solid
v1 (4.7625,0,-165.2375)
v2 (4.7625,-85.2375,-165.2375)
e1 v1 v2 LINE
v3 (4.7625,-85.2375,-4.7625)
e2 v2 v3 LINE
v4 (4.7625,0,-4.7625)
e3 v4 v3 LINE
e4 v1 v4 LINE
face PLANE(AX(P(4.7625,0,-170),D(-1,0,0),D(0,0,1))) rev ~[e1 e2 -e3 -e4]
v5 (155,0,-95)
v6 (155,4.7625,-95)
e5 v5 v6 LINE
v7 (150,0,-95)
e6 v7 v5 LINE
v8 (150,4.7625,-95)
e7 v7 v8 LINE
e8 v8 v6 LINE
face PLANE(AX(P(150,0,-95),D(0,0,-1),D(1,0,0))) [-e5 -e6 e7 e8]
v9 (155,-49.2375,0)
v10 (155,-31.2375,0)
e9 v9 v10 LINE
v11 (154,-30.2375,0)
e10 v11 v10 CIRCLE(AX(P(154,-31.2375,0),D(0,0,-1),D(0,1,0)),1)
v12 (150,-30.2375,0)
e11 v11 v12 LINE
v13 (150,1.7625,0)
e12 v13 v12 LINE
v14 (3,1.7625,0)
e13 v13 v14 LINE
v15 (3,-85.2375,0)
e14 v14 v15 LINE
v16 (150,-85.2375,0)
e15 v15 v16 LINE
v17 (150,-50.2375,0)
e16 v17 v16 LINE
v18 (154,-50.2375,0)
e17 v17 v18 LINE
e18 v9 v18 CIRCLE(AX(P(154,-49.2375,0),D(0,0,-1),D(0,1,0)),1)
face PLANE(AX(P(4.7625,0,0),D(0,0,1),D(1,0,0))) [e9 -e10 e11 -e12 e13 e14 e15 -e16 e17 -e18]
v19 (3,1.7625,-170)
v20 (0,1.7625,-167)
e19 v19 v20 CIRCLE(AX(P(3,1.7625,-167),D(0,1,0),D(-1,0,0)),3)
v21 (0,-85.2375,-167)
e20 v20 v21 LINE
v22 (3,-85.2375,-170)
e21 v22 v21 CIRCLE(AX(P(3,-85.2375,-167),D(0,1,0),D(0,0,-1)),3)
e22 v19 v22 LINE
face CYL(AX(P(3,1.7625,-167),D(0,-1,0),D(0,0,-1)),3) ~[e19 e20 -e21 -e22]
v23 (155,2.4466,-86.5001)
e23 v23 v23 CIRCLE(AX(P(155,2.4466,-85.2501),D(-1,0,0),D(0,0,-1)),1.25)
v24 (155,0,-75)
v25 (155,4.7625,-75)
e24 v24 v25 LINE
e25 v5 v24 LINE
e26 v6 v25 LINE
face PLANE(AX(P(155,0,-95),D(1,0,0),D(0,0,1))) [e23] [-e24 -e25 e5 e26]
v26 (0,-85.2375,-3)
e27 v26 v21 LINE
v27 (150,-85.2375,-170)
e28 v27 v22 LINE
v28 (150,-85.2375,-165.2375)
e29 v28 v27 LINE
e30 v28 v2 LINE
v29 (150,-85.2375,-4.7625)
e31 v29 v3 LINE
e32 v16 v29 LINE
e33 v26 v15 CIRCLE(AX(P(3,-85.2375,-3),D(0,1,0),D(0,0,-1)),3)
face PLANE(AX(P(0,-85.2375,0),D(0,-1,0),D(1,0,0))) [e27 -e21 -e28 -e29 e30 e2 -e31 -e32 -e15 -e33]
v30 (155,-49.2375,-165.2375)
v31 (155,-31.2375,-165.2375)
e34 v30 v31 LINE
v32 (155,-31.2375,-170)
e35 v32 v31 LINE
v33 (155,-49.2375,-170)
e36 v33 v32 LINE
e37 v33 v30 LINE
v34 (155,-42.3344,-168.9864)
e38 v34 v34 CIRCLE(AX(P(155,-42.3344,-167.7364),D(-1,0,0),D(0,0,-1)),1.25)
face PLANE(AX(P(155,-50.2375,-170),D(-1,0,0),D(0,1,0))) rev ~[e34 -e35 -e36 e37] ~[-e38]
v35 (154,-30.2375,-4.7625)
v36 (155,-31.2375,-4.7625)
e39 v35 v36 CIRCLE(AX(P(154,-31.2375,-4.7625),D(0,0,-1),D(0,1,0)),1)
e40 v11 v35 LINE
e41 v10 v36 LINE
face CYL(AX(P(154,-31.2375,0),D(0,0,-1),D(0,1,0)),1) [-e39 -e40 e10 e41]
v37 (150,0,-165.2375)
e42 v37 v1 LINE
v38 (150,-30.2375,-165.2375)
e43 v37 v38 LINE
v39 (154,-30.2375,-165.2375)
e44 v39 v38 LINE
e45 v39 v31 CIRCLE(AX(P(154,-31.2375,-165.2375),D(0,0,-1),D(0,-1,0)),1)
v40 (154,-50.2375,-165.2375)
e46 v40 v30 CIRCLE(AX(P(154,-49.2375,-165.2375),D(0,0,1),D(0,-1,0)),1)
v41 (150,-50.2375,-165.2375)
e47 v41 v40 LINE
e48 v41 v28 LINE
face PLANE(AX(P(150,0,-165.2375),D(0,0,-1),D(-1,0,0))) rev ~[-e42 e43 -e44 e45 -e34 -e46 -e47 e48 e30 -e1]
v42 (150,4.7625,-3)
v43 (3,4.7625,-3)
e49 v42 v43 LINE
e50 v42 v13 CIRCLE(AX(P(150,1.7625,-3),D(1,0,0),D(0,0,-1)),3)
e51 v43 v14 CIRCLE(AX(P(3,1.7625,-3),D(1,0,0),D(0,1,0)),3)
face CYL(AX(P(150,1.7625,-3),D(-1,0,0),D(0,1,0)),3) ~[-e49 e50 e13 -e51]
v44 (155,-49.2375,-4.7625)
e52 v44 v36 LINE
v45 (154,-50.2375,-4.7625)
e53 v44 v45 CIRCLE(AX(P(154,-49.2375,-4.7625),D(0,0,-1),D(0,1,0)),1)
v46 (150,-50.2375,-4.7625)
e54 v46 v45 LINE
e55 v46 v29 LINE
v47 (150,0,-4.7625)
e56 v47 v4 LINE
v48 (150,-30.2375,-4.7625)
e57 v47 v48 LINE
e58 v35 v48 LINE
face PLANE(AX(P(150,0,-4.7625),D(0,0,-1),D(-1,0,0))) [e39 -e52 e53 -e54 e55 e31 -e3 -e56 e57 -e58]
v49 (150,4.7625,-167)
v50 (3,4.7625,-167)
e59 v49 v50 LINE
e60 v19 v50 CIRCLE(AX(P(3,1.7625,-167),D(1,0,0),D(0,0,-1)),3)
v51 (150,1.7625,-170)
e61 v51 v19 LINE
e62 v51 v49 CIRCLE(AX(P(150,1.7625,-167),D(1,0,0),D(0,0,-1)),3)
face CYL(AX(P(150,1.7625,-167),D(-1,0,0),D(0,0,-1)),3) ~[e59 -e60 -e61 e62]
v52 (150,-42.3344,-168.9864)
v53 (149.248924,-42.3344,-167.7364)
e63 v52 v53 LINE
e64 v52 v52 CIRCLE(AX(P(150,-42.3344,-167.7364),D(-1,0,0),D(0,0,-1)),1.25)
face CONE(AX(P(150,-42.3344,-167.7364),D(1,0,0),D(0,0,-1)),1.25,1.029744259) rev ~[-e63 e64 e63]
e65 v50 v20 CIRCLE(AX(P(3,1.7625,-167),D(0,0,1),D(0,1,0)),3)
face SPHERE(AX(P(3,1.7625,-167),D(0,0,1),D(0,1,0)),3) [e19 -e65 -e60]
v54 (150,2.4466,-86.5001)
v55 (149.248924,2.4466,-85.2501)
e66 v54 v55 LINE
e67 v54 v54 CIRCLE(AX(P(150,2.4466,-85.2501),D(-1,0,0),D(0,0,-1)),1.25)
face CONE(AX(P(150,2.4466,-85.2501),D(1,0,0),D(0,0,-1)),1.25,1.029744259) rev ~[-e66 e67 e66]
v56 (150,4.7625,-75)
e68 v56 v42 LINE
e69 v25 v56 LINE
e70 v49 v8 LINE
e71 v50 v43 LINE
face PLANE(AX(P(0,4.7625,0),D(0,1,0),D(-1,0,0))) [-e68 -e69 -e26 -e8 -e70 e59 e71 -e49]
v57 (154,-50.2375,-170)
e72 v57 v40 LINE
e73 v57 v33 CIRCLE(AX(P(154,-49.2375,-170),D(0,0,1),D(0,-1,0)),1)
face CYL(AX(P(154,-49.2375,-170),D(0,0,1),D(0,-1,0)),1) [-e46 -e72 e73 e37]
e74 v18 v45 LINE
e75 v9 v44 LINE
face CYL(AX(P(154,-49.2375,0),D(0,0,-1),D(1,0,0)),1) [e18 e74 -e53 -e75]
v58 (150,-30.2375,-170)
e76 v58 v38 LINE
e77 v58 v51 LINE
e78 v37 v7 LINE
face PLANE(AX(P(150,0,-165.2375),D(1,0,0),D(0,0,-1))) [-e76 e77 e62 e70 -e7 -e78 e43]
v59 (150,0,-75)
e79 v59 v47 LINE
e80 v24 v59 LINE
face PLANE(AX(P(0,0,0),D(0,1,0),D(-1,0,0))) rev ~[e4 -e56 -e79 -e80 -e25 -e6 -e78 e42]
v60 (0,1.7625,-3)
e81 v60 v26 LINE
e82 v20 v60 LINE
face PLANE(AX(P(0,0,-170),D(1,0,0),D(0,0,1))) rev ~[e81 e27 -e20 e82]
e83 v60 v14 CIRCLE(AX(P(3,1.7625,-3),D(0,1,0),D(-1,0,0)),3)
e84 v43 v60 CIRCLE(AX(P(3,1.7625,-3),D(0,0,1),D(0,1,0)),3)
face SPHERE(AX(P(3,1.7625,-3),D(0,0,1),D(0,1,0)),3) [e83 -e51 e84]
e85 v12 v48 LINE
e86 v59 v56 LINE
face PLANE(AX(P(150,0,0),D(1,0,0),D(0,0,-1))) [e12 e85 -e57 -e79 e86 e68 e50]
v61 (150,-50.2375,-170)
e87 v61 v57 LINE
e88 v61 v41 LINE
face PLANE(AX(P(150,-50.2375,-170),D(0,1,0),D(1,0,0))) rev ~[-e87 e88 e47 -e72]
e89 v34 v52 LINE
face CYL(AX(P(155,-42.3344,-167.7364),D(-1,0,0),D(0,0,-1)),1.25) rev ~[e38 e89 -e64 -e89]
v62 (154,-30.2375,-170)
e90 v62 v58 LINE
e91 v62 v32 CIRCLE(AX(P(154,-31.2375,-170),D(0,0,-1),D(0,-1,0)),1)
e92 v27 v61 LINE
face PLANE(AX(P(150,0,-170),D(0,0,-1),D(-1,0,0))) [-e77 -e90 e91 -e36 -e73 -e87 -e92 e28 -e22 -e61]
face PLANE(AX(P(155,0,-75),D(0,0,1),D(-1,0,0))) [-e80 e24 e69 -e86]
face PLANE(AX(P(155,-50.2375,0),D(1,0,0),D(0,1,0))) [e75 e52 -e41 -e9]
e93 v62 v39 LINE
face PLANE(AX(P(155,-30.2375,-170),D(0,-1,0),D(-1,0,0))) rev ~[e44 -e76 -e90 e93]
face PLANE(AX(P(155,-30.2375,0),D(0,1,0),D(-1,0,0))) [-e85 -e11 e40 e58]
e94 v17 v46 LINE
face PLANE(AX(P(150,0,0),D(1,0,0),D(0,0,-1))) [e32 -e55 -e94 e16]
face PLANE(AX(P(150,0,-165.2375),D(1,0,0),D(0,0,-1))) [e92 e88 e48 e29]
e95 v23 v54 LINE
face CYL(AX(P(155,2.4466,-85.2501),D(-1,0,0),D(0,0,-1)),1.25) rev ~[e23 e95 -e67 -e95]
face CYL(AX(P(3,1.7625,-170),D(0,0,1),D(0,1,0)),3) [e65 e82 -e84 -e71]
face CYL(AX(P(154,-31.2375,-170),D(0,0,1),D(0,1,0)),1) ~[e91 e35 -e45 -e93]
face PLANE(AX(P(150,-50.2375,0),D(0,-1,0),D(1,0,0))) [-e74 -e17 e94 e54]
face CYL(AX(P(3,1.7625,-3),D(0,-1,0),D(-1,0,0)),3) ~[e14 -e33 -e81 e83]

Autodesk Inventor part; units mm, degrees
ref_plane "YZ Plane" through (0, 0, 0) normal (1, 0, 0) x (0, 1, 0)
ref_plane "XZ Plane" through (0, 0, 0) normal (0, 1, 0) x (-1, 0, 0)
ref_plane "XY Plane" through (0, 0, 0) normal (0, 0, 1) x (1, 0, 0)
sketch "Sketch1" plane through (0, 0, 0) normal (0, 1, 0) x (-1, 0, 0)
  line L0 (0, 0) -> (-150, 0)
  line L1 (0, -170) -> (0, 0)
  line L2 (0, -170) -> (-150, -170)
  line L3 (-150, -170) -> (-150, -95)
  line L4 (-150, -95) -> (-155, -95)
  line L5 (-155, -95) -> (-155, -75)
  line L6 (-155, -75) -> (-150, -75)
  line L7 (-150, -75) -> (-150, 0)
  dimension "d28" = 150
  dimension "d29" = 170
  dimension "d30" = 5
  dimension "d31" = 5
  dimension "d32" = 75
  dimension "d33" = 75
  dimension "d34" = 20
  dimension "d35" = 150
extrude "Extrusion1" add sketch "Sketch1" along normal blind 4.7625
sketch "Sketch2" plane through (0, 0, 0) normal (0, -1, 0) x (1, 0, 0)
  line L0 (0, 0) -> (150, 0) projected
  line L1 (0, 0) -> (4.7625, 0)
  line L2 (150, -170) -> (0, -170) projected
  line L3 (0, 0) -> (0, -170)
  line L4 (0, -170) -> (4.7625, -170)
  line L5 (4.7625, -170) -> (4.7625, 0)
  point P0 (0, -90)
  point P1 (4.7625, -90)
  dimension "d10" = 90
  dimension "d11" = 4.7625
extrude "Extrusion2" add sketch "Sketch2" along normal blind 85.2375
sketch "Sketch3" plane through (0, 0, 0) normal (0, -1, 0) x (1, 0, 0)
  line L0 (150, -95) -> (150, -170) projected
  line L1 (150, -170) -> (150, -165.2375)
  line L2 (150, -165.2375) -> (4.7625, -165.2375)
  line L3 (4.7625, 0) -> (4.7625, -170) projected
  line L4 (150, -170) -> (4.7625, -170) projected
  line L5 (4.7625, -170) -> (4.7625, -165.2375)
  line L6 (150, -170) -> (4.7625, -170)
  line L7 (150, -170) -> (150, -165.2375)
  point P0 (0, 0)
  dimension "d36" = 4.7625
sketch "Sketch4" plane through (0, 0, 0) normal (0, -1, 0) x (1, 0, 0)
  line L0 (150, 0) -> (150, -35) projected
  line L1 (150, 0) -> (150, -4.7625)
  line L2 (150, -4.7625) -> (4.7625, -4.7625)
  line L3 (4.7625, -85.2375) -> (4.7625, 0) projected
  line L4 (4.7625, 0) -> (150, 0)
  line L5 (4.7625, 0) -> (150, 0) projected
  line L6 (4.7625, -4.7625) -> (4.7625, 0)
  point P0 (0, 0)
  dimension "d17" = 4.7625
extrude "Extrusion4" add sketch "Sketch4" along normal blind 85.2375
sketch "Sketch6" plane through (0, 4.7625, 0) normal (0, 0, 1) x (1, 0, 0)
  line L0 (150, -4.7625) -> (150, -90) projected
  line L1 (150, -4.7625) -> (150, -90) projected
  line L2 (150, -90) -> (0, -90) projected
  line L3 (0, 0) -> (150, 0) projected
  line L4 (150, -55) -> (155, -55)
  line L5 (155, -55) -> (155, -35)
  line L6 (155, -35) -> (150, -35)
  line L7 (150, -35) -> (150, -55)
  point P0 (0, -4.7625)
  point P1 (150, -31.3995)
  dimension "d90" = 20
  dimension "d91" = 5
  dimension "d92" = 35
  dimension "d93" = 35
extrude "Extrusion6" add sketch "Sketch6" against normal blind 4.7625
extrude "Extrusion7" add sketch "Sketch3" along normal blind 85.2375
sketch "Sketch7" plane through (150, 4.7625, -170) normal (0, 0, -1) x (-1, 0, 0)
  line L0 (0, -4.7625) -> (0, -90) projected
  line L1 (0, -55) -> (-5, -55)
  line L2 (-5, -55) -> (-5, -35)
  line L3 (-5, -35) -> (0, -35)
  line L4 (0, -35) -> (0, -55)
  line L5 (150, -90) -> (0, -90) projected
  line L6 (0, 0) -> (150, 0) projected
  point P0 (150, -4.7625)
  point P1 (-5, -31.3995)
  dimension "d74" = 20
  dimension "d75" = 5
  dimension "d76" = 35
  dimension "d77" = 35
extrude "Extrusion8" add sketch "Sketch7" against normal blind 4.7625
fillet "Fillet3" radius 3 1 edges at (0, 4.7625, -85)
fillet "Fillet4" radius 3 6 edges at (0.8787, 3.8838, -170) (0, -41.7375, -170) (76.5, 4.7625, -170) (0.8787, 3.8838, 0) (0, -41.7375, 0) (76.5, 4.7625, 0)
hole "Hole3" at (155, 2.4466, -85.2501) direction (-1, 0, 0) diameter 2.5 depth 5 tip angle 118
hole "Hole4" at (155, -42.3344, -167.7364) direction (-1, 0, 0) diameter 2.5 depth 5 tip angle 118
fillet "Fillet5" radius 1 2 edges at (155, -50.2375, -167.6188) (155, -30.2375, -167.6188)
fillet "Fillet6" radius 1 2 edges at (155, -50.2375, -2.3813) (155, -30.2375, -2.3813)
properties part number "OpticalDeviceObjectPart"
